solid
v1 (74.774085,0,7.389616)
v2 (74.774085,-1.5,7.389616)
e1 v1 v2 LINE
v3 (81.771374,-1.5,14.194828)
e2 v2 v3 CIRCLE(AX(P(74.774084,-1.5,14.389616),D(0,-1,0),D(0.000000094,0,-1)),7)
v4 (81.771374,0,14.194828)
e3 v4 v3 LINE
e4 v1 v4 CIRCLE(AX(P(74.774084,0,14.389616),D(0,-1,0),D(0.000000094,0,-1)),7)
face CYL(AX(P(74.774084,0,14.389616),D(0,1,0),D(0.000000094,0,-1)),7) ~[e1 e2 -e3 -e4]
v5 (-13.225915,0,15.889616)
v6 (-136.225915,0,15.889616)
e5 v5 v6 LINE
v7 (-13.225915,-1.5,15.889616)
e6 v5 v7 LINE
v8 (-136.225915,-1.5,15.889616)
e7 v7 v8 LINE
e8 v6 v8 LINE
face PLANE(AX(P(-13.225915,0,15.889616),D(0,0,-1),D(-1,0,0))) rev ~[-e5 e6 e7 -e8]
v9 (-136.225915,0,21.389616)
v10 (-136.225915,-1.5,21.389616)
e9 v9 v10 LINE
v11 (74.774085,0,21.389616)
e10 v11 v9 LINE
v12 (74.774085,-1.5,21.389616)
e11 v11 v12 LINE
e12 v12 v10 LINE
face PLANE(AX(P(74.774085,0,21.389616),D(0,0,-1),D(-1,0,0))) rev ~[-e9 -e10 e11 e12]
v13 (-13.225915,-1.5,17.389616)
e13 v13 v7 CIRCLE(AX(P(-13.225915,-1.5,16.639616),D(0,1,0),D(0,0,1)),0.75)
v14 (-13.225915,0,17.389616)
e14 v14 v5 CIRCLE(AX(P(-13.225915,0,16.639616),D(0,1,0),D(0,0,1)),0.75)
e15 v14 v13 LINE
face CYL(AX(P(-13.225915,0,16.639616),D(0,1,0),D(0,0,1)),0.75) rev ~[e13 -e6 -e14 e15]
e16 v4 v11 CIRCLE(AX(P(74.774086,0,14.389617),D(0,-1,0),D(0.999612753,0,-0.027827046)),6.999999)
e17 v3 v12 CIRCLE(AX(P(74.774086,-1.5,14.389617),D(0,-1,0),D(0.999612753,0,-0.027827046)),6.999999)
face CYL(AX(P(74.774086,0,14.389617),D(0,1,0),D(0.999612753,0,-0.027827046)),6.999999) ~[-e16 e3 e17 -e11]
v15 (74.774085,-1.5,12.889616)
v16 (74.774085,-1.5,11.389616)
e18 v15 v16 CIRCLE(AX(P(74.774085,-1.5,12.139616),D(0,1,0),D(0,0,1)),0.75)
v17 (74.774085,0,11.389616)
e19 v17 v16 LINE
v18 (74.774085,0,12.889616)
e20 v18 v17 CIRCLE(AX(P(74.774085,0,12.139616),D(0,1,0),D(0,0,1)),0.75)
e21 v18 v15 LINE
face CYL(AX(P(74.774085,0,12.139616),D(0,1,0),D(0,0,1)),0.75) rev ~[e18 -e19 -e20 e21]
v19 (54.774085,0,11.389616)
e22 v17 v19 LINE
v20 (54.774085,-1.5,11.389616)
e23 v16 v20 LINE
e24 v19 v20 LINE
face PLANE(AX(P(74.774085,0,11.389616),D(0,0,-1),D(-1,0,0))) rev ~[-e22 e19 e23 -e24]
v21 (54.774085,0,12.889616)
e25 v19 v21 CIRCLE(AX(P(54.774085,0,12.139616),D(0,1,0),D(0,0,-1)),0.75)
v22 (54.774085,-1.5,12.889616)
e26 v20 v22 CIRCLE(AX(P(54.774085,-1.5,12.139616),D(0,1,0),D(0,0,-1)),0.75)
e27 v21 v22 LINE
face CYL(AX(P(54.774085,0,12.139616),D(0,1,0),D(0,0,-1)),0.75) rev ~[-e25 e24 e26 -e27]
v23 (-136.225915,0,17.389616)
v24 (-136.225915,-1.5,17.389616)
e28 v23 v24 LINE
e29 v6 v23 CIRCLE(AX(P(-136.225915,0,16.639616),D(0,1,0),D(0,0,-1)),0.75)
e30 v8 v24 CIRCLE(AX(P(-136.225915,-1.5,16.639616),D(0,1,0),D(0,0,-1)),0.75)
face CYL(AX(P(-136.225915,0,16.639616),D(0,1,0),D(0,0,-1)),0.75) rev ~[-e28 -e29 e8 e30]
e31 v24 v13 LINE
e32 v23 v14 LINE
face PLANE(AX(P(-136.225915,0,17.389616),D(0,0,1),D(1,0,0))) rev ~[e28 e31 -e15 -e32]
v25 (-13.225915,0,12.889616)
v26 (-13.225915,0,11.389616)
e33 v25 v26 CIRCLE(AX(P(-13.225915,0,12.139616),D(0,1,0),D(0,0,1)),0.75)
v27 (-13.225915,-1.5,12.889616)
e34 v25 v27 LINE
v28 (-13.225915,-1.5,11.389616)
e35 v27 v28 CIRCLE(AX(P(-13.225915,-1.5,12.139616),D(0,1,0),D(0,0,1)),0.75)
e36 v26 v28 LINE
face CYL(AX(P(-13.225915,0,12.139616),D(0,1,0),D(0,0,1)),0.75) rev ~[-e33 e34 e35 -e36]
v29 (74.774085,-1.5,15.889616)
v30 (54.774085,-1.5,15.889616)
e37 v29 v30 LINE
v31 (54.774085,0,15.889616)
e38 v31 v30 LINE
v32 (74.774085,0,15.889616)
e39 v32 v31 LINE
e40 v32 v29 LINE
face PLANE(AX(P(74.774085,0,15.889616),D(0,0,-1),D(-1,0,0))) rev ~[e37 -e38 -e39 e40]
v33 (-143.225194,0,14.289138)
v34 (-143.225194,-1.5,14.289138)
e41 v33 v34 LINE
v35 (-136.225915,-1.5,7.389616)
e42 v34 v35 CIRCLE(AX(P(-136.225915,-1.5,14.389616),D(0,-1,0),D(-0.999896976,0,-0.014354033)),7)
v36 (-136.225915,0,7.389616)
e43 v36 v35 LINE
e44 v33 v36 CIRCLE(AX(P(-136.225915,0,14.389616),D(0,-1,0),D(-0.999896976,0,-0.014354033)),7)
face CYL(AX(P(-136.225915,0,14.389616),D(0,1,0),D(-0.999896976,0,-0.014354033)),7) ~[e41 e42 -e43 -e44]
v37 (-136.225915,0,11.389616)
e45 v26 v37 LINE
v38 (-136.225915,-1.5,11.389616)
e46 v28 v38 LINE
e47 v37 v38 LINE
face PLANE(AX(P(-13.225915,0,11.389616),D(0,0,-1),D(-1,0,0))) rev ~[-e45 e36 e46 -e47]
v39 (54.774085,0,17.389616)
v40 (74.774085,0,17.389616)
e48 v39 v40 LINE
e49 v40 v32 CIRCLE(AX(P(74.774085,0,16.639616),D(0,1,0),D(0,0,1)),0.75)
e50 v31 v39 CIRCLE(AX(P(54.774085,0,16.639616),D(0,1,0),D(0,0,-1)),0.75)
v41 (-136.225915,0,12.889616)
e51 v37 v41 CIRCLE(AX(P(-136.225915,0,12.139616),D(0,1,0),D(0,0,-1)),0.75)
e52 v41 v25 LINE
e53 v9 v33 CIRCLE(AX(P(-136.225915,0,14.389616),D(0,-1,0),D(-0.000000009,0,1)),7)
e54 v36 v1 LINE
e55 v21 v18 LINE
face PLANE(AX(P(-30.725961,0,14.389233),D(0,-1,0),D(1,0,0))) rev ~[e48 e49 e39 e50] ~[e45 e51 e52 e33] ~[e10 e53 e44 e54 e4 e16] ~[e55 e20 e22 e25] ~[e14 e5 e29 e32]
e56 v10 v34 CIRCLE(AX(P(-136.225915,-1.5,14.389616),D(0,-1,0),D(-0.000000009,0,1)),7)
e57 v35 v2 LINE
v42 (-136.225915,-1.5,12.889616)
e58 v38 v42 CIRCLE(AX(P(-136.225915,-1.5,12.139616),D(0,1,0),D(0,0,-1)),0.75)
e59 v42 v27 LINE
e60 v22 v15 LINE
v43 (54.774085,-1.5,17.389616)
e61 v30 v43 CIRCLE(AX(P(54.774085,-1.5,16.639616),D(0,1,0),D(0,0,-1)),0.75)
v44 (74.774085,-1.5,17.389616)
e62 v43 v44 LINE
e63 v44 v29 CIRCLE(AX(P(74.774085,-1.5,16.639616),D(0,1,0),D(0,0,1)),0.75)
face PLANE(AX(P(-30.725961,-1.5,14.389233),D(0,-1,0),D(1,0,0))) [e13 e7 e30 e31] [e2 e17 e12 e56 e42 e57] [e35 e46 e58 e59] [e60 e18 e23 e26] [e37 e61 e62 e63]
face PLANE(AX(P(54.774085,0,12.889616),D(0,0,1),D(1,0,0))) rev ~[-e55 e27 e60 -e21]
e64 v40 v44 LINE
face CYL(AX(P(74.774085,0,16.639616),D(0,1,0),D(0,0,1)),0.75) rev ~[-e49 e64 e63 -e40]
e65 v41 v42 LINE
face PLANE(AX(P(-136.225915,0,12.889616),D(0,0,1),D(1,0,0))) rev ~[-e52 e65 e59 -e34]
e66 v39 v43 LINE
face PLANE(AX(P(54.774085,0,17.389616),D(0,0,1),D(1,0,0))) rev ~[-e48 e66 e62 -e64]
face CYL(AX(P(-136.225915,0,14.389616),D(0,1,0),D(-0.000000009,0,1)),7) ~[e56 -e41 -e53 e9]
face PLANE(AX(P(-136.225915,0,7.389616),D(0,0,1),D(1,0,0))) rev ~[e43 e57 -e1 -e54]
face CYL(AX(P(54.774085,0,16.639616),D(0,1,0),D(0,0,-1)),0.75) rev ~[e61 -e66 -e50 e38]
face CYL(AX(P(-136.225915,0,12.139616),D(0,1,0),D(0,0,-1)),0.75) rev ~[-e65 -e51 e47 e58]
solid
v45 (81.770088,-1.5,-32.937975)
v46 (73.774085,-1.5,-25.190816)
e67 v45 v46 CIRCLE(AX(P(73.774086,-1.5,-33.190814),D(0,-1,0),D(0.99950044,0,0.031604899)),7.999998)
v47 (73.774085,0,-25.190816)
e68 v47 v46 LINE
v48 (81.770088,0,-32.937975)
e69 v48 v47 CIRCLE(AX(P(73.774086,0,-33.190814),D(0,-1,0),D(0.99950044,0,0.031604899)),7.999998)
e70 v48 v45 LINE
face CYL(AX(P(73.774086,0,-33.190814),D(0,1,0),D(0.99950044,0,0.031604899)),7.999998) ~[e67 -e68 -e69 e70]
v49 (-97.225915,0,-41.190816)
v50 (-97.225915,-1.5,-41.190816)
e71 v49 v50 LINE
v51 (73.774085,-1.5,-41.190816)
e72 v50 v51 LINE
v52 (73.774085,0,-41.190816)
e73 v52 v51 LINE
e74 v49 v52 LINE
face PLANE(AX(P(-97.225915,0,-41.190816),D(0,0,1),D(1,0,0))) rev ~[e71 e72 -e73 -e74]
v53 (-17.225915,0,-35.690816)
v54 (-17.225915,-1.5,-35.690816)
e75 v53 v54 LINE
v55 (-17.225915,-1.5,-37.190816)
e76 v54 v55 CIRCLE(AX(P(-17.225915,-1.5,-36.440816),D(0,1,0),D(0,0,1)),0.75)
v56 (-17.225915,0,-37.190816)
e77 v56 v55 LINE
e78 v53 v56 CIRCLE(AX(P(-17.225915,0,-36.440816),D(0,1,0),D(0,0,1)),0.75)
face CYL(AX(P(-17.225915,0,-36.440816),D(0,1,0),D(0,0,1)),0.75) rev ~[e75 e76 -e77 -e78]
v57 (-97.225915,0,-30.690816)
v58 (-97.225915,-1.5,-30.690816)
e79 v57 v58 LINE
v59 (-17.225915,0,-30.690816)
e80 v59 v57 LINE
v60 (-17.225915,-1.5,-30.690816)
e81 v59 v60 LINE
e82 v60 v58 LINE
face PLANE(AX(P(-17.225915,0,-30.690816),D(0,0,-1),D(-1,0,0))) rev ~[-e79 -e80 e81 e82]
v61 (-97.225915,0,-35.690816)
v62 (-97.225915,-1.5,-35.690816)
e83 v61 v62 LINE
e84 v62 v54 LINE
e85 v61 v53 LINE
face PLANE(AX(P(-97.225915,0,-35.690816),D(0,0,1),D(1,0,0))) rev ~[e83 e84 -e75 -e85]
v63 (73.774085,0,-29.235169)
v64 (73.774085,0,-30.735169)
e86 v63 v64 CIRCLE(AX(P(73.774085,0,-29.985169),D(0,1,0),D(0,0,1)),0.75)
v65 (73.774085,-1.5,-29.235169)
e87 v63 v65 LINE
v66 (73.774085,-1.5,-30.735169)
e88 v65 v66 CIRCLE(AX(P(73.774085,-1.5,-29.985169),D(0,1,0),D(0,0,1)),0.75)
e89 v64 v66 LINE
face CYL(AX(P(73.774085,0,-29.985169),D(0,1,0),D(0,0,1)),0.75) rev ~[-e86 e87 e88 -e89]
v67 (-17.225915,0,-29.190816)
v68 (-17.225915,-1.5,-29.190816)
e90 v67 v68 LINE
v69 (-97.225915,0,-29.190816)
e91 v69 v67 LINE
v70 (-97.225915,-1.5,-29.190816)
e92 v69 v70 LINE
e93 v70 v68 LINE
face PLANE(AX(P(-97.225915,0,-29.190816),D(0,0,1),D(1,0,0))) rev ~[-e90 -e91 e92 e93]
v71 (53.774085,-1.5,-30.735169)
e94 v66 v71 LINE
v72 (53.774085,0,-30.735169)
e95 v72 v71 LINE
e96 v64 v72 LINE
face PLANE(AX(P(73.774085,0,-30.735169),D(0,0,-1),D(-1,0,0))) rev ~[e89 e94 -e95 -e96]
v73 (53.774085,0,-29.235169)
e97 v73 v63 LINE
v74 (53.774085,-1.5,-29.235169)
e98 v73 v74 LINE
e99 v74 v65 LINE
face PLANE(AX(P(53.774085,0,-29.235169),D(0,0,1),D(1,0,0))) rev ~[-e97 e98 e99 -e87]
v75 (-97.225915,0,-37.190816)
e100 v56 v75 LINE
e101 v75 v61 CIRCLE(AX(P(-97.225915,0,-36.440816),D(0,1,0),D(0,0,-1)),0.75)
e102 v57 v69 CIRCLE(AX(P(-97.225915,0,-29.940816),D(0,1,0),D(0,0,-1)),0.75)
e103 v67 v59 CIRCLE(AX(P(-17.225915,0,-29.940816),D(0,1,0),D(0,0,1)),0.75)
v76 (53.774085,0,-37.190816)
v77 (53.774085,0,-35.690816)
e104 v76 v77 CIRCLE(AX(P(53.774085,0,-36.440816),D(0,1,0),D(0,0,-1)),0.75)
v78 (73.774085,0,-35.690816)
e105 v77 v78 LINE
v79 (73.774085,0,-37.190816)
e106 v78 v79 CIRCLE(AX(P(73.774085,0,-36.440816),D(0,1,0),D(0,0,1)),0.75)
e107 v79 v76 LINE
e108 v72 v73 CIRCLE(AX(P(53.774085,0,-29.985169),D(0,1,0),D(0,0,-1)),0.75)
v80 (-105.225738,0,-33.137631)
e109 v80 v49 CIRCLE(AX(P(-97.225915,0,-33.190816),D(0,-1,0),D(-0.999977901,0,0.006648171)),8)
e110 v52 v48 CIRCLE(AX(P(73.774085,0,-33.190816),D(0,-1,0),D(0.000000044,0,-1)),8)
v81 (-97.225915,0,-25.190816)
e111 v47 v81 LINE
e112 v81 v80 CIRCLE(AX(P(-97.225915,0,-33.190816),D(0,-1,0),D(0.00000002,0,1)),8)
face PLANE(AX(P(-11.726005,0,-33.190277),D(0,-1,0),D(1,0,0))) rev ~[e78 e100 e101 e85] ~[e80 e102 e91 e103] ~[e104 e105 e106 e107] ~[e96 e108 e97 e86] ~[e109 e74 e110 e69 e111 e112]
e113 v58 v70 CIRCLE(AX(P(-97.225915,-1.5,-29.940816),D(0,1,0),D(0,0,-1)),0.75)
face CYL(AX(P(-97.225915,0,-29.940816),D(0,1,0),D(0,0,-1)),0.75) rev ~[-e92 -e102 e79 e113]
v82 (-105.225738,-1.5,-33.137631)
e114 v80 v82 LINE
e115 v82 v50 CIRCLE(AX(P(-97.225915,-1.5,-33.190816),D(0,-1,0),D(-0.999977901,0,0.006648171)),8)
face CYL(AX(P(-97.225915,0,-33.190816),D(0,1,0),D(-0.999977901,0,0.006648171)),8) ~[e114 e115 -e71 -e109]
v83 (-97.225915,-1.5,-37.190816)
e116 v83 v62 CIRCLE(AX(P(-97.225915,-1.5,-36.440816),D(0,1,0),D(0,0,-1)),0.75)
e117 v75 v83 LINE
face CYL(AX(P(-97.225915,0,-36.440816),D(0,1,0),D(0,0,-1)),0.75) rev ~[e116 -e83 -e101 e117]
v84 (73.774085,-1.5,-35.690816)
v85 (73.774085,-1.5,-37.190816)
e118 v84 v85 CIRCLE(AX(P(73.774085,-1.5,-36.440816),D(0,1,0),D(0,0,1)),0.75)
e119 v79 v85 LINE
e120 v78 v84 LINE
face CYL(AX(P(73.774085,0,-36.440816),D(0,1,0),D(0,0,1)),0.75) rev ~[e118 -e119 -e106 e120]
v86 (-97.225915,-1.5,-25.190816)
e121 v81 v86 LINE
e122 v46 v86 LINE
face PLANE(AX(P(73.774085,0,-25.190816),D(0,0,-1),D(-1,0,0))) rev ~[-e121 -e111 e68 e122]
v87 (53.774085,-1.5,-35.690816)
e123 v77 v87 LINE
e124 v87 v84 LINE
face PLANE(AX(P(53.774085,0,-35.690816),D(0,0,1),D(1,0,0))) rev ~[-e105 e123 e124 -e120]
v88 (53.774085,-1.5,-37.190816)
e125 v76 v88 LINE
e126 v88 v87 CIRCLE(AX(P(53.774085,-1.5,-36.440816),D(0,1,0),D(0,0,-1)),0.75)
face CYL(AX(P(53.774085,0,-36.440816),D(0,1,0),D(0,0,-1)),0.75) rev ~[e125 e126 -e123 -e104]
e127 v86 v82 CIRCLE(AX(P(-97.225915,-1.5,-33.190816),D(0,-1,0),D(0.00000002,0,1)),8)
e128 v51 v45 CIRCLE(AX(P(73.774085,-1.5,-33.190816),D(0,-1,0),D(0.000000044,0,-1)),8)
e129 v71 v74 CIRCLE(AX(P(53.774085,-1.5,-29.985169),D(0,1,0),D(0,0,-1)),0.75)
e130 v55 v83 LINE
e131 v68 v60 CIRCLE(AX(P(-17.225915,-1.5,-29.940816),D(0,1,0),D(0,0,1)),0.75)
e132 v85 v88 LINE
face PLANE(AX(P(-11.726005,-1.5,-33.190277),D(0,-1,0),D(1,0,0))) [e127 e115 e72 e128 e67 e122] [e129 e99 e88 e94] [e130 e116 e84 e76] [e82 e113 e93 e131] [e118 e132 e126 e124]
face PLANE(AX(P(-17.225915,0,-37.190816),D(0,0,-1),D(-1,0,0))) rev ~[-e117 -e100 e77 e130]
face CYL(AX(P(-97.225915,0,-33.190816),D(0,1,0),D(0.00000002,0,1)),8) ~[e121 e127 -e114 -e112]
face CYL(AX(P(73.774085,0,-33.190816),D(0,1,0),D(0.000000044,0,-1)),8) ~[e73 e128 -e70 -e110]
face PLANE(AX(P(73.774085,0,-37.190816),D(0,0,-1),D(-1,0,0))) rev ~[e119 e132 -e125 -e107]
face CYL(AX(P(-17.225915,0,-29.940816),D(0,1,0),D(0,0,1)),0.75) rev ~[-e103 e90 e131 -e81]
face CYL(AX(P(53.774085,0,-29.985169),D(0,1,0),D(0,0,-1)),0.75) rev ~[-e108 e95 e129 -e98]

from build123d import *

# Parameters (mm, degrees)
F1_DEPTH = 1.5


with BuildPart() as f1:
    # F0 (on Front) → F1 (new body)
    with BuildSketch(Plane.XZ):
        with BuildLine():
            Line((74.774085, 21.389616), (-136.225915, 21.389616))
            ThreePointArc((-136.225915, 21.389616), (-141.21106, 19.303711), (-143.225194, 14.289138))
            ThreePointArc((-143.225194, 14.289138), (-141.14001, 9.404471), (-136.225915, 7.389616))
            Line((-136.225915, 7.389616), (74.774085, 7.389616))
            ThreePointArc((74.774085, 7.389616), (79.654478, 9.371473), (81.771374, 14.194828))
            ThreePointArc((81.771374, 14.194828), (79.792228, 19.27001), (74.774085, 21.389616))
        make_face()
        with BuildLine():
            Line((-13.225915, 11.389616), (-136.225915, 11.389616))
            ThreePointArc((-136.225915, 11.389616), (-136.975915, 12.139616), (-136.225915, 12.889616))
            Line((-136.225915, 12.889616), (-13.225915, 12.889616))
            ThreePointArc((-13.225915, 12.889616), (-12.475915, 12.139616), (-13.225915, 11.389616))
        make_face(mode=Mode.SUBTRACT)
        with BuildLine():
            Line((-13.225915, 15.889616), (-136.225915, 15.889616))
            ThreePointArc((-136.225915, 15.889616), (-136.975915, 16.639616), (-136.225915, 17.389616))
            Line((-136.225915, 17.389616), (-13.225915, 17.389616))
            ThreePointArc((-13.225915, 17.389616), (-12.475915, 16.639616), (-13.225915, 15.889616))
        make_face(mode=Mode.SUBTRACT)
        with BuildLine():
            Line((54.774085, 12.889616), (74.774085, 12.889616))
            ThreePointArc((74.774085, 12.889616), (75.524085, 12.139616), (74.774085, 11.389616))
            Line((74.774085, 11.389616), (54.774085, 11.389616))
            ThreePointArc((54.774085, 11.389616), (54.024085, 12.139616), (54.774085, 12.889616))
        make_face(mode=Mode.SUBTRACT)
        with BuildLine():
            Line((54.774085, 17.389616), (74.774085, 17.389616))
            ThreePointArc((74.774085, 17.389616), (75.524085, 16.639616), (74.774085, 15.889616))
            Line((74.774085, 15.889616), (54.774085, 15.889616))
            ThreePointArc((54.774085, 15.889616), (54.024085, 16.639616), (54.774085, 17.389616))
        make_face(mode=Mode.SUBTRACT)
        with BuildLine():
            ThreePointArc((-105.225738, -33.137631), (-102.901542, -38.828835), (-97.225915, -41.190816))
            Line((-97.225915, -41.190816), (73.774085, -41.190816))
            ThreePointArc((73.774085, -41.190816), (79.519637, -38.757559), (81.770088, -32.937975))
            ThreePointArc((81.770088, -32.937975), (79.340829, -27.445264), (73.774085, -25.190816))
            Line((73.774085, -25.190816), (-97.225915, -25.190816))
            ThreePointArc((-97.225915, -25.190816), (-102.863934, -27.515189), (-105.225738, -33.137631))
        make_face()
        with BuildLine():
            Line((-17.225915, -37.190816), (-97.225915, -37.190816))
            ThreePointArc((-97.225915, -37.190816), (-97.975915, -36.440816), (-97.225915, -35.690816))
            Line((-97.225915, -35.690816), (-17.225915, -35.690816))
            ThreePointArc((-17.225915, -35.690816), (-16.475915, -36.440816), (-17.225915, -37.190816))
        make_face(mode=Mode.SUBTRACT)
        with BuildLine():
            Line((-17.225915, -30.690816), (-97.225915, -30.690816))
            ThreePointArc((-97.225915, -30.690816), (-97.975915, -29.940816), (-97.225915, -29.190816))
            Line((-97.225915, -29.190816), (-17.225915, -29.190816))
            ThreePointArc((-17.225915, -29.190816), (-16.475915, -29.940816), (-17.225915, -30.690816))
        make_face(mode=Mode.SUBTRACT)
        with BuildLine():
            Line((53.774085, -35.690816), (73.774085, -35.690816))
            ThreePointArc((73.774085, -35.690816), (74.524085, -36.440816), (73.774085, -37.190816))
            Line((73.774085, -37.190816), (53.774085, -37.190816))
            ThreePointArc((53.774085, -37.190816), (53.024085, -36.440816), (53.774085, -35.690816))
        make_face(mode=Mode.SUBTRACT)
        with BuildLine():
            Line((53.774085, -29.235169), (73.774085, -29.235169))
            ThreePointArc((73.774085, -29.235169), (74.524085, -29.985169), (73.774085, -30.735169))
            Line((73.774085, -30.735169), (53.774085, -30.735169))
            ThreePointArc((53.774085, -30.735169), (53.024085, -29.985169), (53.774085, -29.235169))
        make_face(mode=Mode.SUBTRACT)
    extrude(amount=F1_DEPTH)


solid = f1.part
